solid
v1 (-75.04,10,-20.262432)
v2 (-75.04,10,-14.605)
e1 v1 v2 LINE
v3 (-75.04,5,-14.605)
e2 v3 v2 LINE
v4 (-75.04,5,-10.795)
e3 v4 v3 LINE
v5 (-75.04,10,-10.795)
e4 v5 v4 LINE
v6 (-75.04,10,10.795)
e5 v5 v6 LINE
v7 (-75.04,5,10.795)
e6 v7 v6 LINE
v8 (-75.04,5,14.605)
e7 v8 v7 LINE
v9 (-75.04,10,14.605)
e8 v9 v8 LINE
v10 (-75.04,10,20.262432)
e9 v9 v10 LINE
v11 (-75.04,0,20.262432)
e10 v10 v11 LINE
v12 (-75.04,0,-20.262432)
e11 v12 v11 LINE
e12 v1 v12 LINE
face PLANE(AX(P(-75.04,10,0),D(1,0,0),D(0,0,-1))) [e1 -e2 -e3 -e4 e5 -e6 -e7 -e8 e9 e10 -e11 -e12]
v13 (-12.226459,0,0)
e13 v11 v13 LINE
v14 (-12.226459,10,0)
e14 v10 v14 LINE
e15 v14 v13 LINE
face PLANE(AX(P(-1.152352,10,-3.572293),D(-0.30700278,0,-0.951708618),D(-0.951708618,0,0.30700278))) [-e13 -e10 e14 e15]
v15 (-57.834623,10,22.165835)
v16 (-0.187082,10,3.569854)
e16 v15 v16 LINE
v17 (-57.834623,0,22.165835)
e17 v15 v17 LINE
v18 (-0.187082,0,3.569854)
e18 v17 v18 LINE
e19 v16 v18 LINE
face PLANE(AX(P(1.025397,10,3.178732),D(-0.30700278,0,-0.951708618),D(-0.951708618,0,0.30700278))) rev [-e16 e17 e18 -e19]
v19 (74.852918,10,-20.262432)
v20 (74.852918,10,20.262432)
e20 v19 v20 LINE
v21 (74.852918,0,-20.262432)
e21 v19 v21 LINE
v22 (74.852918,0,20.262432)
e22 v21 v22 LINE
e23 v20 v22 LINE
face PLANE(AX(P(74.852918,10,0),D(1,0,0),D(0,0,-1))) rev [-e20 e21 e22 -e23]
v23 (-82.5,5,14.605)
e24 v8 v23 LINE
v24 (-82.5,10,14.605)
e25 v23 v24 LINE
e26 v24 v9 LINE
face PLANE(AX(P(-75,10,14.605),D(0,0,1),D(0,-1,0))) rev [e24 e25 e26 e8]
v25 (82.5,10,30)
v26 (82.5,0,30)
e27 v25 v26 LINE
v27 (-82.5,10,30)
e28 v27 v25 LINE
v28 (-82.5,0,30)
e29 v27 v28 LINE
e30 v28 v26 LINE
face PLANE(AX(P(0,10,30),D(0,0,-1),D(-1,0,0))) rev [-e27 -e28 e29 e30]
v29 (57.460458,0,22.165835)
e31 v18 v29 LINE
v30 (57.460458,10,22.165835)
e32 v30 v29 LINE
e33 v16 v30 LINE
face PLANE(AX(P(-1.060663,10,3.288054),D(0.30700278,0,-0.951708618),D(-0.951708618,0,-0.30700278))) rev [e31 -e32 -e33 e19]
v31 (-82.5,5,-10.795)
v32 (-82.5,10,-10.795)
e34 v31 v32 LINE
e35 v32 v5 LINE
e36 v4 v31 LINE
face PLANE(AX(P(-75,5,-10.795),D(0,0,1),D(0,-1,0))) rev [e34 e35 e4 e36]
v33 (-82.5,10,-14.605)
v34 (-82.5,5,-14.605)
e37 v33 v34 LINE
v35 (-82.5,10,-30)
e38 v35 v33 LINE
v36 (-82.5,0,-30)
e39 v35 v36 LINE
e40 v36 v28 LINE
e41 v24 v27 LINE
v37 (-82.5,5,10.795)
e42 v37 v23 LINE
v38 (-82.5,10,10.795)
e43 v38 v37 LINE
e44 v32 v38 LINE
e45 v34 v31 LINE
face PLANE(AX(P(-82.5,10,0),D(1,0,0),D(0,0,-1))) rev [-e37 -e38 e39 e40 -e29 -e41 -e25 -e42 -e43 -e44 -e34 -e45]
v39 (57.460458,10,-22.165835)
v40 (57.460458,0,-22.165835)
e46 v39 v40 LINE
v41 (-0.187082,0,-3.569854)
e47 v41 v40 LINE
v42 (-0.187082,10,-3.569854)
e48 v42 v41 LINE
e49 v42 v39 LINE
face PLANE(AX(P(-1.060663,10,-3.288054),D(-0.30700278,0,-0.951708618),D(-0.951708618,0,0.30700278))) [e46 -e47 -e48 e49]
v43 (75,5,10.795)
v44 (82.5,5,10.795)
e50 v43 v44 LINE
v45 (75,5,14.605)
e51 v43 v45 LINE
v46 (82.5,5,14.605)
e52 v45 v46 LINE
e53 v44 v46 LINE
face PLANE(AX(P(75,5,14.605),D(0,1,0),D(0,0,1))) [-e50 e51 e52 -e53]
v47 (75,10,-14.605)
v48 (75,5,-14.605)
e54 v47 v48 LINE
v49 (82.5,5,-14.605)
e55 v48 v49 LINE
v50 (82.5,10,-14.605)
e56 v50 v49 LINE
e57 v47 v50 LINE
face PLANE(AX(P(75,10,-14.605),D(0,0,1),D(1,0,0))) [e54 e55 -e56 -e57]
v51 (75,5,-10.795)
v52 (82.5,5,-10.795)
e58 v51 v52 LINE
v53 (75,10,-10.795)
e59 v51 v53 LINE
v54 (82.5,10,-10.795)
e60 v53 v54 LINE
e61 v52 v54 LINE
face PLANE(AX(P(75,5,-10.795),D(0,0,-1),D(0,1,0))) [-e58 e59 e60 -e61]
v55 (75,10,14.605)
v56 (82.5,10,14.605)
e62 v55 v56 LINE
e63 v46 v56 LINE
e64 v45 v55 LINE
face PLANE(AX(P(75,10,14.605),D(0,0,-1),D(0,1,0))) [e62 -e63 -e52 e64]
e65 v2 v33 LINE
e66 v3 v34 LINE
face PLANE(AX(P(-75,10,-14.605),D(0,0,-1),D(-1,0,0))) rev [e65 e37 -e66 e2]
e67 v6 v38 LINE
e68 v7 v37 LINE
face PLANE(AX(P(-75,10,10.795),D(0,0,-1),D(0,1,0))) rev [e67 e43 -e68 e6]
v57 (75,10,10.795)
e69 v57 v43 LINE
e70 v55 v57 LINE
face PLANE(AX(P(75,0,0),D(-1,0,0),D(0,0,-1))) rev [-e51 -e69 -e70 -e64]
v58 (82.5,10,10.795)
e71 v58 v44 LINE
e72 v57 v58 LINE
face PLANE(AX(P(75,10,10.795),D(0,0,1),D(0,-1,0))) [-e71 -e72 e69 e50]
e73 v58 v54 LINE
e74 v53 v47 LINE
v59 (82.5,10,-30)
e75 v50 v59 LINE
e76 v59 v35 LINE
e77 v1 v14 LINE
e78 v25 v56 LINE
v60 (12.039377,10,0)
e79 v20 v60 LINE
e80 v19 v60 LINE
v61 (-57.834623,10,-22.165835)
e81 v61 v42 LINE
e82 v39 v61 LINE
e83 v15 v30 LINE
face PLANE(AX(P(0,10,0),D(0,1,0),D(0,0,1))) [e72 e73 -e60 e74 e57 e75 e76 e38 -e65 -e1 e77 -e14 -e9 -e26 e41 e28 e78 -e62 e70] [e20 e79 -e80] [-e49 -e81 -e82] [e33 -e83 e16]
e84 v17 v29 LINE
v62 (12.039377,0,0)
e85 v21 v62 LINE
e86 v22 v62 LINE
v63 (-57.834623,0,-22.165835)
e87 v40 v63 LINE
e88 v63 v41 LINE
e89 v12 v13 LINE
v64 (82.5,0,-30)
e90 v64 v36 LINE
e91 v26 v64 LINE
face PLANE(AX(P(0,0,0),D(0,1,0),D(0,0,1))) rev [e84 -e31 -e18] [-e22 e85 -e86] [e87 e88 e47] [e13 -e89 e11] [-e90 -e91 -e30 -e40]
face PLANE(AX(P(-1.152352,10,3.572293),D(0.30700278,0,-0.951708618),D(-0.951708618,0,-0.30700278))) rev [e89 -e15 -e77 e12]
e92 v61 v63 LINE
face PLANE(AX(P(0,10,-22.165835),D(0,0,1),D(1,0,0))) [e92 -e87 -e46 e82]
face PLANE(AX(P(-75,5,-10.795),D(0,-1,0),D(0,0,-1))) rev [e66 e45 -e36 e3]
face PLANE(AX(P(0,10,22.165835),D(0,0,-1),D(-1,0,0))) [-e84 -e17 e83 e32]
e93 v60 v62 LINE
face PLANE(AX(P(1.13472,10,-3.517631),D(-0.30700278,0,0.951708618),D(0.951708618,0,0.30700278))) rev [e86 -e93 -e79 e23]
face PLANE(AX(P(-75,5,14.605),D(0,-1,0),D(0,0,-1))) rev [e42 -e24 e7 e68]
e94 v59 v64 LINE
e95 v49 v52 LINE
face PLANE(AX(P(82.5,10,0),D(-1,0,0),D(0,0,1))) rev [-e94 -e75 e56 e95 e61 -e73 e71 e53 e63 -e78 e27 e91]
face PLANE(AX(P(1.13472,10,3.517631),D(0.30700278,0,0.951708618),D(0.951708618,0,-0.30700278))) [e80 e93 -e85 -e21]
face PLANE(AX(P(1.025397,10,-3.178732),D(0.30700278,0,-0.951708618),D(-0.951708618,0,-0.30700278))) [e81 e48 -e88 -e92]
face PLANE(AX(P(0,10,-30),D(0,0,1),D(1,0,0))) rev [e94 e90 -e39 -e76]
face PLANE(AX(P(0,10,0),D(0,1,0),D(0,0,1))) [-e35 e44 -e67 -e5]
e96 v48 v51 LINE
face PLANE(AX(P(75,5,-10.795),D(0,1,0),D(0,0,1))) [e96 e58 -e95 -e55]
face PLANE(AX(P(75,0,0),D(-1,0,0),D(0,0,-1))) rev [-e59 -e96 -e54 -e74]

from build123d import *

# Parameters (mm, degrees)
SKETCH1_W           = 165
SKETCH1_H           = 60
BOSS_EXTRUDE1_DEPTH = 10
SKETCH2_W           = 3.81
SKETCH2_H           = 5
CUT_EXTRUDE1_DEPTH  = 7.5


with BuildPart() as part:
    # Sketch1 → Boss-Extrude1 (new body)
    with BuildSketch(Plane(origin=(0, 0, 0), x_dir=(1, 0, 0), z_dir=(0, 1, 0))):
        Rectangle(SKETCH1_W, SKETCH1_H)
        Polygon((-75.04, 20.262432489), (-75.04, -20.262432489), (-12.226459283, 0), align=None, mode=Mode.SUBTRACT)
        Polygon((57.460458264, 22.165834991), (-57.834623171, 22.165834991), (-0.187082453, 3.569854115), align=None, mode=Mode.SUBTRACT)
        Polygon((74.852917547, 20.262432489), (74.852917547, -20.262432489), (12.039376829, 0), align=None, mode=Mode.SUBTRACT)
        Polygon((-57.834623171, -22.165834991), (-0.187082453, -3.569854115), (57.460458264, -22.165834991), align=None, mode=Mode.SUBTRACT)
    extrude(amount=BOSS_EXTRUDE1_DEPTH)

    # Sketch2 → Cut-Extrude1 (cut)
    with BuildSketch(Plane.ZY.offset(82.5)):
        with Locations((-12.7, 7.5)):
            Rectangle(SKETCH2_W, SKETCH2_H)
        with Locations((12.7, 7.5)):
            Rectangle(SKETCH2_W, SKETCH2_H)
    cut_extrude1 = extrude(amount=-CUT_EXTRUDE1_DEPTH, mode=Mode.SUBTRACT)

    # Mirror1: Cut-Extrude1 across plane
    add(cut_extrude1.mirror(Plane(origin=(0, 0, 0), x_dir=(0, 0, 1), z_dir=(1, 0, 0))), mode=Mode.SUBTRACT)


solid = part.part
